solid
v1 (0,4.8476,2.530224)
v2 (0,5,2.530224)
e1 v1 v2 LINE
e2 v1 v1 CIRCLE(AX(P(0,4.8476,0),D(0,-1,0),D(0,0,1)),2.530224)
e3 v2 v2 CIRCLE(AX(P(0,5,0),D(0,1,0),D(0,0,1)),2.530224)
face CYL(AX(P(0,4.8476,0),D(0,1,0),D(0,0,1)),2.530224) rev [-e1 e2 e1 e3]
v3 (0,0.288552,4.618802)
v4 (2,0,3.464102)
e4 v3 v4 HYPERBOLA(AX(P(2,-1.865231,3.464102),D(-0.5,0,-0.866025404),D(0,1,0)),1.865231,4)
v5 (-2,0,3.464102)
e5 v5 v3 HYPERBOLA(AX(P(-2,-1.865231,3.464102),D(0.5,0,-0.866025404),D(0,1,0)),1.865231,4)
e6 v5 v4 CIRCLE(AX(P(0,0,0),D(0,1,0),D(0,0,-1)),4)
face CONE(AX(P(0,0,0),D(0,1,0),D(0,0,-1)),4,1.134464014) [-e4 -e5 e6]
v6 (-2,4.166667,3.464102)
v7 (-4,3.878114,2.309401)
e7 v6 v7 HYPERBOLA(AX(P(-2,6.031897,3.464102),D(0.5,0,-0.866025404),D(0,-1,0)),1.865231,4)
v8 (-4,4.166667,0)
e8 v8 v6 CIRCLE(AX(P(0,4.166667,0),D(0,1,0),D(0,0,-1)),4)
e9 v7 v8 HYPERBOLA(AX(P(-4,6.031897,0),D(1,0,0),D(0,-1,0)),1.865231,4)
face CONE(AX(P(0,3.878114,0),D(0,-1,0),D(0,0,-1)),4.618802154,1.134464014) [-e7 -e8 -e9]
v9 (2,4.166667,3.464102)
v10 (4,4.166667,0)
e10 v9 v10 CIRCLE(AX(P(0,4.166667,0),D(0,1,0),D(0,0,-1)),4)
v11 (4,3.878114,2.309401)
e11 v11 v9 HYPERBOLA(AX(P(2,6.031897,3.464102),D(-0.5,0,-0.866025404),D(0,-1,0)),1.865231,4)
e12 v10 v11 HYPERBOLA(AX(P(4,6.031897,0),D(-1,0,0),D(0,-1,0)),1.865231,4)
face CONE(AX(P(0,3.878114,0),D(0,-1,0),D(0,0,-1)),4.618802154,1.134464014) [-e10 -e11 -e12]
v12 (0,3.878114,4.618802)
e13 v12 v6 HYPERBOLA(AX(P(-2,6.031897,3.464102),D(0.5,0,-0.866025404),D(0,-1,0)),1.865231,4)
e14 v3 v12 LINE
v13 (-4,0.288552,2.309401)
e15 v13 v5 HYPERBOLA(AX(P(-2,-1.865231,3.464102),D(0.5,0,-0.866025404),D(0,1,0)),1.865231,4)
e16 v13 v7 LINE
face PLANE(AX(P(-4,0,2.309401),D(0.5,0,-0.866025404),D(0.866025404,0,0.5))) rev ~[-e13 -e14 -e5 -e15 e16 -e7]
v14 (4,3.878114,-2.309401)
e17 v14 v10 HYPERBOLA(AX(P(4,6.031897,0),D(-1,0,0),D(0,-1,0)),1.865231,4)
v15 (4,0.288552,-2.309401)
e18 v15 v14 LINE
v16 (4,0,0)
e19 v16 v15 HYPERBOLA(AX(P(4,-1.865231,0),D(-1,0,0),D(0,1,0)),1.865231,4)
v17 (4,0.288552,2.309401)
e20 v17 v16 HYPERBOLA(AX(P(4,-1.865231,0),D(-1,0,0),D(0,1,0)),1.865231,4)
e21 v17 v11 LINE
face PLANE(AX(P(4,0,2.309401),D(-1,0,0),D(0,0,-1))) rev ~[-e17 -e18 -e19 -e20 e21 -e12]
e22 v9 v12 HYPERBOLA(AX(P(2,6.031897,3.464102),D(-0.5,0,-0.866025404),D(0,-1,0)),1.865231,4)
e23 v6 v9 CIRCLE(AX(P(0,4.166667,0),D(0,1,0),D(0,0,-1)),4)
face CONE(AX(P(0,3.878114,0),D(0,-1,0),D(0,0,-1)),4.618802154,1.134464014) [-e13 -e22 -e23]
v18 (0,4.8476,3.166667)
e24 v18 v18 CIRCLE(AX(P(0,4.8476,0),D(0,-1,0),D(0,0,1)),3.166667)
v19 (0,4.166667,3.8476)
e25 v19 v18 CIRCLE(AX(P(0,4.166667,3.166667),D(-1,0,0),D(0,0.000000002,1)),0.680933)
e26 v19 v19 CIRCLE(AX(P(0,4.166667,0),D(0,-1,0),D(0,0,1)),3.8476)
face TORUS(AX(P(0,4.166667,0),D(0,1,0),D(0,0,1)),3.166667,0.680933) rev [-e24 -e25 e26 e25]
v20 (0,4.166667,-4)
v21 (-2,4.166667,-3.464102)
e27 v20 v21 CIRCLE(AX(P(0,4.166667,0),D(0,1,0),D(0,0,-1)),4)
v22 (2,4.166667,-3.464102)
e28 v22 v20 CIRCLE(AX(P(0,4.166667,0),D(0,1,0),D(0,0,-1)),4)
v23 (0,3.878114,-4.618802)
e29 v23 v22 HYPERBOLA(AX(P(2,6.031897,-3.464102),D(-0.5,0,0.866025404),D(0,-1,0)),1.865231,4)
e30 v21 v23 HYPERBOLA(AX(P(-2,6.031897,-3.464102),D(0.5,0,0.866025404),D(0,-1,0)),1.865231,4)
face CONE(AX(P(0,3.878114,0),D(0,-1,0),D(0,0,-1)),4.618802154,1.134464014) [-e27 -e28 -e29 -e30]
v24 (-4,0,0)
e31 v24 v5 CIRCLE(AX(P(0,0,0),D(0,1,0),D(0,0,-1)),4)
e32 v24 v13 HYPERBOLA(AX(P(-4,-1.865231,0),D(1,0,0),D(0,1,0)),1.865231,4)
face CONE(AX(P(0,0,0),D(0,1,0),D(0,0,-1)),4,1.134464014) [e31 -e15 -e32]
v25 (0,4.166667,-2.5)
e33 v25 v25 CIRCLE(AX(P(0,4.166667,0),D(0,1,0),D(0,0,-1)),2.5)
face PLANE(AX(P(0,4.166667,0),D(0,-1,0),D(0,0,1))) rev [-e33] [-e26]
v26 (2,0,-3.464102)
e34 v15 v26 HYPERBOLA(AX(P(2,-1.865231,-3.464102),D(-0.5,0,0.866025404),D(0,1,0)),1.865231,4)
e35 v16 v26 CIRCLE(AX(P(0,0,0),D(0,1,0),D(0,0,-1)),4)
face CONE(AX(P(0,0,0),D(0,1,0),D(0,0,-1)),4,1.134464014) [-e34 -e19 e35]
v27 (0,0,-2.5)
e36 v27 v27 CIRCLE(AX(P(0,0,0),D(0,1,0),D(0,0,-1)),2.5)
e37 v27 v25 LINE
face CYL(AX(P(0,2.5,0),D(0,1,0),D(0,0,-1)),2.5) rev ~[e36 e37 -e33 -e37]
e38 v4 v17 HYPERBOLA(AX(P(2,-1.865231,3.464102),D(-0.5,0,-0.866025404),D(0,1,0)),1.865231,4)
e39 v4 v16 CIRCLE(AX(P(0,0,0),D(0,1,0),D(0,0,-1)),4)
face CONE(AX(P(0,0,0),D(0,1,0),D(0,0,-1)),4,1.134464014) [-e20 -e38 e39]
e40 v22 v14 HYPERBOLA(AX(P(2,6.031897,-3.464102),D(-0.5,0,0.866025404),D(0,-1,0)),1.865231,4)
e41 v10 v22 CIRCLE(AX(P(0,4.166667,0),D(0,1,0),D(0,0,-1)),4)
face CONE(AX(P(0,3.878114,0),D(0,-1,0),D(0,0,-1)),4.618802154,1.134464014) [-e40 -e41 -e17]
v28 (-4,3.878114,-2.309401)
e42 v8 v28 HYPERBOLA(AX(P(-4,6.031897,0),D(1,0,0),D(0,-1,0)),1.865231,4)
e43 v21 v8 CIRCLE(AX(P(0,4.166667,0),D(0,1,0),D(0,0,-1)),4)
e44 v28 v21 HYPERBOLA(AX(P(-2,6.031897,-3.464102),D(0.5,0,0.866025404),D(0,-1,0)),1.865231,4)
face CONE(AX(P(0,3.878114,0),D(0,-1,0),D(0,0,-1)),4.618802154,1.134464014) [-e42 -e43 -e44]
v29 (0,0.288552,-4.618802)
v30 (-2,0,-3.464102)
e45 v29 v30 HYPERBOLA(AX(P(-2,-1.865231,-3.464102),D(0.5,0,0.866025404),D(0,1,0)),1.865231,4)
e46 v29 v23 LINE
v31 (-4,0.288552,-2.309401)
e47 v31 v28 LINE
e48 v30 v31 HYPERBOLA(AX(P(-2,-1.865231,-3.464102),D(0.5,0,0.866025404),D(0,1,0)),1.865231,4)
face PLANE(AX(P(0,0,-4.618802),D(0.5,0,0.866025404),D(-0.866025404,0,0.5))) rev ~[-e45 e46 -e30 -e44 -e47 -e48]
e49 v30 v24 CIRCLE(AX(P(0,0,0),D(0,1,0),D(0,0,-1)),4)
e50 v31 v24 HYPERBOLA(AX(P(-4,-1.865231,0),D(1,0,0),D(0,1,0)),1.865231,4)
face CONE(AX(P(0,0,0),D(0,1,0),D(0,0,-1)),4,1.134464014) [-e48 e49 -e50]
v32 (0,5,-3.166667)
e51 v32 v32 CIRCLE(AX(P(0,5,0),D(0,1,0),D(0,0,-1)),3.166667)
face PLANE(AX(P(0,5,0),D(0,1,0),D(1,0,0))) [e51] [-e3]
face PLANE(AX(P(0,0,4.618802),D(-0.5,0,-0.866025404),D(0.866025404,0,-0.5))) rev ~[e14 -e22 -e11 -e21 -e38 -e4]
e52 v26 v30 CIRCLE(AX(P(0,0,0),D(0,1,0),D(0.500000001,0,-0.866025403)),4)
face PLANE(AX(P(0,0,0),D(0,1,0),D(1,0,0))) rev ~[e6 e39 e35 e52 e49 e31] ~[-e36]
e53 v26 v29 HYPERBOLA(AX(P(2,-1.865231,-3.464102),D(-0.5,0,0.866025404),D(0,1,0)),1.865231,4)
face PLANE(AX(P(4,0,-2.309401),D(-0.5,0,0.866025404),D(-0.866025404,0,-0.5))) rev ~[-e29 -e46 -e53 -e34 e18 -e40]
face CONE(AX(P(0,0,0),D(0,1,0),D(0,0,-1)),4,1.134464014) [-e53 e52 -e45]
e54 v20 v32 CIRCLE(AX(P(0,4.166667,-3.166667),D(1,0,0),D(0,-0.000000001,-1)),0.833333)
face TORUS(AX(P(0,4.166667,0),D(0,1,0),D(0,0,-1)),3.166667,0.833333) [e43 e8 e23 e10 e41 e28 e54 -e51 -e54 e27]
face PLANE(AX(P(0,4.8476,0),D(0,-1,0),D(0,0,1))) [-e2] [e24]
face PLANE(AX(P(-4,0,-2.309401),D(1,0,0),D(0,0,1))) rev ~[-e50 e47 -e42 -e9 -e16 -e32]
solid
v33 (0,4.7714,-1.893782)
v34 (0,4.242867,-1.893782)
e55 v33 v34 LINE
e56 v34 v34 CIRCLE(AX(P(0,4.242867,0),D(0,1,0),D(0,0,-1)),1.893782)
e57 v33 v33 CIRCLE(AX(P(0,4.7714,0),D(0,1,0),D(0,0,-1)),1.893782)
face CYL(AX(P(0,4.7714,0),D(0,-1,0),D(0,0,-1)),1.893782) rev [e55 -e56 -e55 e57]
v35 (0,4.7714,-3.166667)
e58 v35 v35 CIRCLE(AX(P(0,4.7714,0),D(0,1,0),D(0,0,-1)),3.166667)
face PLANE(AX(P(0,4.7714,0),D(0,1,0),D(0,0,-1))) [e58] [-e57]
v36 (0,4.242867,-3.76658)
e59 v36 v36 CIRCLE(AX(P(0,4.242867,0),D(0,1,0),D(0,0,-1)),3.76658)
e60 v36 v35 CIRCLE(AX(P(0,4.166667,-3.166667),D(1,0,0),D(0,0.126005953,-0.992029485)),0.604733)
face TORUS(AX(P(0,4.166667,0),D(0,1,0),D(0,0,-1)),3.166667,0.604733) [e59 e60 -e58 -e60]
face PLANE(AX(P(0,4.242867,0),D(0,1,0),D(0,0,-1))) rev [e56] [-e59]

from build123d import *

# Parameters (mm, degrees)
EXTRUDE1_DEPTH = 5
SKETCH2_W      = 2.5
SKETCH2_H      = 5


with BuildPart() as part:
    # Sketch1 → Extrude1 (new body)
    with BuildSketch(Plane(origin=(0, 0, 0), x_dir=(1, 0, 0), z_dir=(0, 1, 0))):
        Polygon((0, 4.618802154), (-4, 2.309401077), (-4, -2.309401077), (0, -4.618802154), (4, -2.309401077), (4, 2.309401077), align=None)
    extrude(amount=EXTRUDE1_DEPTH)


with BuildPart() as body_2:
    # Sketch2 → Revolve1 (revolve)
    with BuildSketch(Plane(origin=(0, 0, 0), x_dir=(0, 0, -1), z_dir=(1, 0, 0))):
        with Locations((1.25, 2.5)):
            Rectangle(SKETCH2_W, SKETCH2_H)
    revolve(axis=Axis((0, -2.5, 0), (0, 1, 0)))

    # Boss-Extrude1 cone 1 section (through the dimple's axis) → Boss-Extrude1 (revolve)
    with BuildSketch(Plane(origin=(0, 0, 0), x_dir=(0, 0, -1), z_dir=(1, 0, 0))):
        Polygon((0, 0), (2.5, 0), (0, 2.5), align=None)
    revolve(axis=Axis((0, 0, 0), (0, 1, 0)))

    # Boss-Extrude2 cone 1 section (through the dimple's axis) → Boss-Extrude2 (revolve)
    with BuildSketch(Plane(origin=(0, 5, 0), x_dir=(0, 0, 1), z_dir=(1, 0, 0))):
        Polygon((0, 0), (2.5, 0), (0, 2.5), align=None)
    revolve(axis=Axis((0, 5, 0), (0, -1, 0)))


with BuildPart() as part_1:
    add(part.part)

    # Combine1: cut body 2
    add(body_2.part, mode=Mode.SUBTRACT)

    # Sketch5 → Cut-Revolve3 (revolve, cut)
    with BuildSketch(Plane(origin=(0, 0, 0), x_dir=(0, 0, -1), z_dir=(1, 0, 0))):
        with BuildLine():
            Line((0, 0), (4, 0))
            Line((4, 0), (4.618802154, 0.288552183))
            Line((4.618802154, 0.288552183), (4.618802154, 3.878114484))
            Line((4.618802154, 3.878114484), (4, 4.166666667))
            ThreePointArc((4, 4.166666667), (3.755922318, 4.755922318), (3.166666667, 5))
            Line((3.166666667, 5), (3.166666667, 6.27))
            Line((3.166666667, 6.27), (5.888802154, 6.27))
            Line((5.888802154, 6.27), (5.888802154, -1.27))
            Line((5.888802154, -1.27), (0, -1.27))
            Line((0, -1.27), (0, 0))
        make_face()
    revolve(axis=Axis((0, 0, 0), (0, 1, 0)), mode=Mode.SUBTRACT)

    # Sketch6 → Cut-Revolve4 (revolve, cut)
    with BuildSketch(Plane(origin=(0, 0, 0), x_dir=(0, 0, -1), z_dir=(1, 0, 0)), mode=Mode.PRIVATE) as cut_revolve4_sk:
        with BuildLine():
            Line((0, 4.166666667), (3.8476, 4.166666667))
            ThreePointArc((3.8476, 4.166666667), (3.648159244, 4.648159244), (3.166666667, 4.8476))
            Line((3.166666667, 4.8476), (2.530224442, 4.8476))
            Line((2.530224442, 4.8476), (2.530224442, 6.27))
            Line((2.530224442, 6.27), (0, 6.27))
            Line((0, 6.27), (0, 4.166666667))
        make_face()
    revolve(cut_revolve4_sk.sketch.rotate(Axis((0, 6.27, 0), (0, -1, 0)), 180), axis=Axis((0, 6.27, 0), (0, -1, 0)), mode=Mode.SUBTRACT)


with BuildPart() as body_2_2:
    # Sketch7 → Revolve2 (revolve)
    with BuildSketch(Plane(origin=(0, 0, 0), x_dir=(0, 0, -1), z_dir=(1, 0, 0))):
        with BuildLine():
            Line((1.893782217, 4.242866667), (3.766579964, 4.242866667))
            ThreePointArc((3.766579964, 4.242866667), (3.566430175, 4.620419399), (3.166666667, 4.7714))
            Line((3.166666667, 4.7714), (1.893782217, 4.7714))
            Line((1.893782217, 4.7714), (1.893782217, 4.242866667))
        make_face()
    revolve(axis=Axis((0, 4.242866667, 0), (0, 1, 0)))


solid = Compound([part_1.part, body_2_2.part])
